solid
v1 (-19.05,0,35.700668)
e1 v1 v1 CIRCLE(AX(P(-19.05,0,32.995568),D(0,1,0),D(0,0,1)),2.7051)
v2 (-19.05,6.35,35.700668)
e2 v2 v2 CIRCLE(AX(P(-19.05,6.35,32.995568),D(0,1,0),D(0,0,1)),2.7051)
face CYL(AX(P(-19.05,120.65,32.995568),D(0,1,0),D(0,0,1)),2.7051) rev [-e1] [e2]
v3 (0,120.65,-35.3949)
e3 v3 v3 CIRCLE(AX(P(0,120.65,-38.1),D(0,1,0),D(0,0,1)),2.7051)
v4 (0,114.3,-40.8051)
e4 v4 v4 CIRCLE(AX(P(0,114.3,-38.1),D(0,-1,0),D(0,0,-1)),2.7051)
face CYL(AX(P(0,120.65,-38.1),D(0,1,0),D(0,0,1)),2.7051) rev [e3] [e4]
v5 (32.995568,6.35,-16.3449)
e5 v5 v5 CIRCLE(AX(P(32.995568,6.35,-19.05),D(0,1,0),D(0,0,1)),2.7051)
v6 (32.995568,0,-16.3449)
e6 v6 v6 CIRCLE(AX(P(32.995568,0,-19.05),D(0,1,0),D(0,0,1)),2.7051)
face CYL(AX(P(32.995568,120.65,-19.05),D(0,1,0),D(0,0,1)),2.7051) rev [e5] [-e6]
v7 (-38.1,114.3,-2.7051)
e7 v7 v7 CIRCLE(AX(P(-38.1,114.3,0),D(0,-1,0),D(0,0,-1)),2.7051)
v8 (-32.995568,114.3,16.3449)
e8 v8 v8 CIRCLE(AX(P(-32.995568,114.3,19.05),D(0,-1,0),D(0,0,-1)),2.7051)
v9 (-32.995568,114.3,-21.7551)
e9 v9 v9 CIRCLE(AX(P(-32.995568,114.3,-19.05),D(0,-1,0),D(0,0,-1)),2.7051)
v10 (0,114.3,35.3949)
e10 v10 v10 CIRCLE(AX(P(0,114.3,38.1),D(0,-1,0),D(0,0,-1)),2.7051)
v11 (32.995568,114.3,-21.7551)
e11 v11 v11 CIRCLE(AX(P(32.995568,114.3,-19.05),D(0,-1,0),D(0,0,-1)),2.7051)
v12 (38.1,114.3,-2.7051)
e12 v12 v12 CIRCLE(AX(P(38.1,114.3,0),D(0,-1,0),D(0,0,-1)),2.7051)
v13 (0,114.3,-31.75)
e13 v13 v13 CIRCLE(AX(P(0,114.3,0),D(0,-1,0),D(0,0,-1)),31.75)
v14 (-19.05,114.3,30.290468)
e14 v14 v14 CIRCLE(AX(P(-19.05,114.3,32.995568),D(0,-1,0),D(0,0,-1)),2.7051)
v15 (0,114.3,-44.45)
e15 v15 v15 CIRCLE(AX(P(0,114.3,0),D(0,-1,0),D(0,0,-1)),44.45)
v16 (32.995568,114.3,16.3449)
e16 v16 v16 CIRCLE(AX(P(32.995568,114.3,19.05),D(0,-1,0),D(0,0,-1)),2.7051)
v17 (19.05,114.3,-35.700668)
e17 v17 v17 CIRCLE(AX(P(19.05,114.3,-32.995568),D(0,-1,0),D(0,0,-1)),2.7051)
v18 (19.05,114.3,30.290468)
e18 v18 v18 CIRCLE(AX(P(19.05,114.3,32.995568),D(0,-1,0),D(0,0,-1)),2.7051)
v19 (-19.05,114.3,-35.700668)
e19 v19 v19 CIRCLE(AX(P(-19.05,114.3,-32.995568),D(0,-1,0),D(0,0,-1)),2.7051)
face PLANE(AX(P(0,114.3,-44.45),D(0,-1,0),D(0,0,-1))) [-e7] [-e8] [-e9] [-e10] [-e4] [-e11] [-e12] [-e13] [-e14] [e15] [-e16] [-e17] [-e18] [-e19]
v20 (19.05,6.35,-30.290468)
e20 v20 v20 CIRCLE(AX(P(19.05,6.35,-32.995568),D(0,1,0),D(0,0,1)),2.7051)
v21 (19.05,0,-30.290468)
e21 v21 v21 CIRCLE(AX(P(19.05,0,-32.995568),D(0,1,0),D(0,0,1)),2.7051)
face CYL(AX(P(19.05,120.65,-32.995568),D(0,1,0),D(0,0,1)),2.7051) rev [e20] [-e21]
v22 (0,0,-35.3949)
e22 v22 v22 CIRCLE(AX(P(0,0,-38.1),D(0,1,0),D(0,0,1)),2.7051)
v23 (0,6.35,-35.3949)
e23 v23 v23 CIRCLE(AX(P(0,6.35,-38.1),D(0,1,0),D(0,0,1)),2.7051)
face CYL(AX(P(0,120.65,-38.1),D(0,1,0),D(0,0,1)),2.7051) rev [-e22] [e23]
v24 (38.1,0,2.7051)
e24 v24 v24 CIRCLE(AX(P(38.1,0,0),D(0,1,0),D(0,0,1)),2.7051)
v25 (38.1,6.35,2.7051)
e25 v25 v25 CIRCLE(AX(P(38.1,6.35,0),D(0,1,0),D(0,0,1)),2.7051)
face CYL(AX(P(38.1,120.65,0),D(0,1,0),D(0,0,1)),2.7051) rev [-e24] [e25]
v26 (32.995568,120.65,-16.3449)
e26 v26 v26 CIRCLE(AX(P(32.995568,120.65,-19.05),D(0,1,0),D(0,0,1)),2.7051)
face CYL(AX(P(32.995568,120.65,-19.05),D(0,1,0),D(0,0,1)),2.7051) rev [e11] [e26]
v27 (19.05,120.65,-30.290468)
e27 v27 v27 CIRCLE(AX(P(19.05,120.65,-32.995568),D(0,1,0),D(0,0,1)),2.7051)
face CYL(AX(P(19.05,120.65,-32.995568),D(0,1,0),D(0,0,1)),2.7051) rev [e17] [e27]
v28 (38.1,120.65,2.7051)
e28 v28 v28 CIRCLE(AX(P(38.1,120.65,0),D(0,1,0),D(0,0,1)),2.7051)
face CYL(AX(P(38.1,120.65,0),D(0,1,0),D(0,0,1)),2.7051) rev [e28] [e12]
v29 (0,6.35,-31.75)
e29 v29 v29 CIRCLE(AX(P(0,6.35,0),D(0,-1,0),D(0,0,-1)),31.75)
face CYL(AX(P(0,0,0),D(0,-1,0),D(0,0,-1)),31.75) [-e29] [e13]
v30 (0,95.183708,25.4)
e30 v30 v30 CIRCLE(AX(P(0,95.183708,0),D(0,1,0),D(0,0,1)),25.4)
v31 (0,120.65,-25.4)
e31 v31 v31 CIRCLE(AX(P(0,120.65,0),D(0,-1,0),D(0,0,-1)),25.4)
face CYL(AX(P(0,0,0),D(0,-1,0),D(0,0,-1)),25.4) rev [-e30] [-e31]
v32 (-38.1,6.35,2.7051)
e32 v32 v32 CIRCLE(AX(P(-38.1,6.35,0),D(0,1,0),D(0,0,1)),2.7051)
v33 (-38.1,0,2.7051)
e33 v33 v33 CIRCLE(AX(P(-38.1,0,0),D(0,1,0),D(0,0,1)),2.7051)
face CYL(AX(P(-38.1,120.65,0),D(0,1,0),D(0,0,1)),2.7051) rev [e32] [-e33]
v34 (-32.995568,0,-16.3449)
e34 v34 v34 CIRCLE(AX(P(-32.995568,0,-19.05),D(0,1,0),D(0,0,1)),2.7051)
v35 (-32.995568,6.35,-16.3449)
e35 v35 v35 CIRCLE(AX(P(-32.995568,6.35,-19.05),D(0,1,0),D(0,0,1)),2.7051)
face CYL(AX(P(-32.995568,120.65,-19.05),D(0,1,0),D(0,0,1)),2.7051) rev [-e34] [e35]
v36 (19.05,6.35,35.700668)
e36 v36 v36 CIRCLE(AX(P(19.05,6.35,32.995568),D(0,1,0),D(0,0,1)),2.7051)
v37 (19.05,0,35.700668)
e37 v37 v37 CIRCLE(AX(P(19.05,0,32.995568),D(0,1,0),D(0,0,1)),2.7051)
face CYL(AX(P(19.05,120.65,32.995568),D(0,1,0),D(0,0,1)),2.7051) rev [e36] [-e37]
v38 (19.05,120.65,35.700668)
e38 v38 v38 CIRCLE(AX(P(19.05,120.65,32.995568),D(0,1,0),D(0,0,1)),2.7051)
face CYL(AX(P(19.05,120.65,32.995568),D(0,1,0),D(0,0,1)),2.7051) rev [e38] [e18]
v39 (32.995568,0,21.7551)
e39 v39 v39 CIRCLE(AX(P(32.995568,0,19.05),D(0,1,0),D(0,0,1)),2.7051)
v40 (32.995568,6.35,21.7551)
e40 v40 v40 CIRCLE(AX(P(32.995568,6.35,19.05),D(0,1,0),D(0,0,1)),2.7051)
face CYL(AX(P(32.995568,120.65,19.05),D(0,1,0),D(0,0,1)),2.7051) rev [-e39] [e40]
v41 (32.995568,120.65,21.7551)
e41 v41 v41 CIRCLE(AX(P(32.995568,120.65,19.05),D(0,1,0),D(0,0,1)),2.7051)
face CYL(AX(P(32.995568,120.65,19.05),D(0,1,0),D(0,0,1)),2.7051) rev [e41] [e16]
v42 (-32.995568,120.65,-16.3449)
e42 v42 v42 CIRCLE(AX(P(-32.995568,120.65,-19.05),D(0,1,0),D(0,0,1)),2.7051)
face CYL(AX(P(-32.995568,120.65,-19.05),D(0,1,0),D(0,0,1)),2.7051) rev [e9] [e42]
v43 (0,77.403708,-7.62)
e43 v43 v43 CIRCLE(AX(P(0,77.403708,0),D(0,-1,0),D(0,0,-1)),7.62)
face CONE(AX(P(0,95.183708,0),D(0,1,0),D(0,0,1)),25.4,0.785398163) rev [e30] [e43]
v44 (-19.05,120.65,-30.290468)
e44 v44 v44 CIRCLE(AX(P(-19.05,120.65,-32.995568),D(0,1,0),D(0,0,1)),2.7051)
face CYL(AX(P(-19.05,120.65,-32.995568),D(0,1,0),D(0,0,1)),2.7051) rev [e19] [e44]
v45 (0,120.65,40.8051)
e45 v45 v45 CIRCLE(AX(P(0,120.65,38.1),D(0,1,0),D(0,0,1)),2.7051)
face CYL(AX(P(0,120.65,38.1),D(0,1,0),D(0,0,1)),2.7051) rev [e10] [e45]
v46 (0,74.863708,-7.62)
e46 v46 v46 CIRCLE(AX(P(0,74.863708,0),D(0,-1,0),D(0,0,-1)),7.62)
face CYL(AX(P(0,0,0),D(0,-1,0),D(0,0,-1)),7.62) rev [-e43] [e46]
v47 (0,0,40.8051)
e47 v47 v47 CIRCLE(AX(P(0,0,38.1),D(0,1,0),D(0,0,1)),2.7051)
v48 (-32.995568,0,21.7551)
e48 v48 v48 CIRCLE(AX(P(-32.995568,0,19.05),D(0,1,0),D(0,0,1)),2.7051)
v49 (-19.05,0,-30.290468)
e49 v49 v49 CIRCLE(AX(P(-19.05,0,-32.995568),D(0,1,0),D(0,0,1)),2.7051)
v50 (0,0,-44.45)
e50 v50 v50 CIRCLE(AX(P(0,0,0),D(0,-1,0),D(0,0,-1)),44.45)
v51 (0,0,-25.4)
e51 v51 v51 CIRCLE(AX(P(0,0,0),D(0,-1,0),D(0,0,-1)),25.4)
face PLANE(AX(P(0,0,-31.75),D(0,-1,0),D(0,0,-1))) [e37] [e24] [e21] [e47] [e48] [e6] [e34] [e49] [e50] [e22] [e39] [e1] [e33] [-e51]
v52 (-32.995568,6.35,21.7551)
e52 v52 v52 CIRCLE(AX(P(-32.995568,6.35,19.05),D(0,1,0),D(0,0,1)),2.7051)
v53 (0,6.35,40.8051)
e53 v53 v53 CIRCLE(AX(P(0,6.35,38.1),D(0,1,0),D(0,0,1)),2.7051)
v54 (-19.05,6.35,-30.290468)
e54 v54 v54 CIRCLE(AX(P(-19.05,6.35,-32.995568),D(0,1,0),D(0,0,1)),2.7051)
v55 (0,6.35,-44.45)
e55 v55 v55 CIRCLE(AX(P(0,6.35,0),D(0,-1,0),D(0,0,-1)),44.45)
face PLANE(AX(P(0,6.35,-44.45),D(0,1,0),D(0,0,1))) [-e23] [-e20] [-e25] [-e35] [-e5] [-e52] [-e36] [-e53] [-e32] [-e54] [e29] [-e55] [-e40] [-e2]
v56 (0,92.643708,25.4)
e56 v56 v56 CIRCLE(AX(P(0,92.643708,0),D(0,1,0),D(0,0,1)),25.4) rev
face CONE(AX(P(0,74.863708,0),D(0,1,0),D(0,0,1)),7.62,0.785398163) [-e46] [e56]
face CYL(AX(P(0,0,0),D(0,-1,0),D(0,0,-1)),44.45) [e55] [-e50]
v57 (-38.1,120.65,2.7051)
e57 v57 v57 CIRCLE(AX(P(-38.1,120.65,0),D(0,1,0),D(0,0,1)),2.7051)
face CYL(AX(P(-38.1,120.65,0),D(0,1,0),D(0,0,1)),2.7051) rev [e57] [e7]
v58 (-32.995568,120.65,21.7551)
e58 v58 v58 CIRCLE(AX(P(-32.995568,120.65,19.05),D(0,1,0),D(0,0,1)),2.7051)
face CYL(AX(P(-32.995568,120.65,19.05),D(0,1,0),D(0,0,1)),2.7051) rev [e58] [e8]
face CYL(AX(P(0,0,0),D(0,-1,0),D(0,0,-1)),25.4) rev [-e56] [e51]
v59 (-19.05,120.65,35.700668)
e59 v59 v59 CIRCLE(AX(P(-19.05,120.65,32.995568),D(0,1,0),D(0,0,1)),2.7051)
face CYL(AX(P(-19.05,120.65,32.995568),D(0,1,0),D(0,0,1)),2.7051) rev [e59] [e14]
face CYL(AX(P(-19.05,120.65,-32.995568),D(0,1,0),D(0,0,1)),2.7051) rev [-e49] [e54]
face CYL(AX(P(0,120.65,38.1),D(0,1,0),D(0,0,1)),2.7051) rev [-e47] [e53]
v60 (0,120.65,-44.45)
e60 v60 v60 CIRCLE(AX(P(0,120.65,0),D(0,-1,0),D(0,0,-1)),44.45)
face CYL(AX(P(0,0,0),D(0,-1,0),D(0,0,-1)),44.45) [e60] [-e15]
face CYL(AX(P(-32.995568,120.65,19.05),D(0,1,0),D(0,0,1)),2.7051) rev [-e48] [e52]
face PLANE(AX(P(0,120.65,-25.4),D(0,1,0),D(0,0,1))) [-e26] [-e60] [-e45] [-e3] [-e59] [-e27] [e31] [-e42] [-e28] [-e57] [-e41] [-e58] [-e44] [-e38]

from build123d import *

# Parameters (mm, degrees)
F_3_0_213_DIAMETER_HOLE3_D = 5.4102


with BuildPart() as part:
    # Sketch1 → Chamber (revolve)
    with BuildSketch(Plane(origin=(0, 0, 0), x_dir=(0, 0, -1), z_dir=(1, 0, 0))):
        Polygon((31.75, 6.35), (31.75, 114.3), (44.45, 114.3), (44.45, 120.65), (31.75, 120.65), (25.4, 120.65), (25.4, 114.3), (25.4, 6.35), (25.4, 0), (31.75, 0), (44.45, 0), (44.45, 6.35), align=None)
    revolve(axis=Axis((0, 0, 0), (0, 1, 0)))

    # Sketch4 → Turbulence Rings (revolve)
    with BuildSketch(Plane(origin=(0, 0, 0), x_dir=(0, 0, -1), z_dir=(1, 0, 0))):
        Polygon((25.4, 92.643708368), (25.4, 95.183708368), (7.62, 77.403708368), (7.62, 74.863708368), align=None)
    revolve(axis=Axis((0, 0, 0), (0, 1, 0)))

    # #3 (0.213) Diameter Hole3 (through all)
    with Locations(Plane(origin=(0, 120.65, 0), x_dir=(1, 0, 0), z_dir=(0, 1, 0))):
        with Locations((0, 0), (-38.1, 0), (-32.995567884, 19.05), (-19.05, 32.995567884), (0, 38.1), (19.05, 32.995567884), (32.995567884, 19.05), (38.1, 0), (32.995567884, -19.05), (19.05, -32.995567884), (0, -38.1), (-19.05, -32.995567884), (-32.995567884, -19.05)):
            Hole(F_3_0_213_DIAMETER_HOLE3_D / 2)


solid = part.part
